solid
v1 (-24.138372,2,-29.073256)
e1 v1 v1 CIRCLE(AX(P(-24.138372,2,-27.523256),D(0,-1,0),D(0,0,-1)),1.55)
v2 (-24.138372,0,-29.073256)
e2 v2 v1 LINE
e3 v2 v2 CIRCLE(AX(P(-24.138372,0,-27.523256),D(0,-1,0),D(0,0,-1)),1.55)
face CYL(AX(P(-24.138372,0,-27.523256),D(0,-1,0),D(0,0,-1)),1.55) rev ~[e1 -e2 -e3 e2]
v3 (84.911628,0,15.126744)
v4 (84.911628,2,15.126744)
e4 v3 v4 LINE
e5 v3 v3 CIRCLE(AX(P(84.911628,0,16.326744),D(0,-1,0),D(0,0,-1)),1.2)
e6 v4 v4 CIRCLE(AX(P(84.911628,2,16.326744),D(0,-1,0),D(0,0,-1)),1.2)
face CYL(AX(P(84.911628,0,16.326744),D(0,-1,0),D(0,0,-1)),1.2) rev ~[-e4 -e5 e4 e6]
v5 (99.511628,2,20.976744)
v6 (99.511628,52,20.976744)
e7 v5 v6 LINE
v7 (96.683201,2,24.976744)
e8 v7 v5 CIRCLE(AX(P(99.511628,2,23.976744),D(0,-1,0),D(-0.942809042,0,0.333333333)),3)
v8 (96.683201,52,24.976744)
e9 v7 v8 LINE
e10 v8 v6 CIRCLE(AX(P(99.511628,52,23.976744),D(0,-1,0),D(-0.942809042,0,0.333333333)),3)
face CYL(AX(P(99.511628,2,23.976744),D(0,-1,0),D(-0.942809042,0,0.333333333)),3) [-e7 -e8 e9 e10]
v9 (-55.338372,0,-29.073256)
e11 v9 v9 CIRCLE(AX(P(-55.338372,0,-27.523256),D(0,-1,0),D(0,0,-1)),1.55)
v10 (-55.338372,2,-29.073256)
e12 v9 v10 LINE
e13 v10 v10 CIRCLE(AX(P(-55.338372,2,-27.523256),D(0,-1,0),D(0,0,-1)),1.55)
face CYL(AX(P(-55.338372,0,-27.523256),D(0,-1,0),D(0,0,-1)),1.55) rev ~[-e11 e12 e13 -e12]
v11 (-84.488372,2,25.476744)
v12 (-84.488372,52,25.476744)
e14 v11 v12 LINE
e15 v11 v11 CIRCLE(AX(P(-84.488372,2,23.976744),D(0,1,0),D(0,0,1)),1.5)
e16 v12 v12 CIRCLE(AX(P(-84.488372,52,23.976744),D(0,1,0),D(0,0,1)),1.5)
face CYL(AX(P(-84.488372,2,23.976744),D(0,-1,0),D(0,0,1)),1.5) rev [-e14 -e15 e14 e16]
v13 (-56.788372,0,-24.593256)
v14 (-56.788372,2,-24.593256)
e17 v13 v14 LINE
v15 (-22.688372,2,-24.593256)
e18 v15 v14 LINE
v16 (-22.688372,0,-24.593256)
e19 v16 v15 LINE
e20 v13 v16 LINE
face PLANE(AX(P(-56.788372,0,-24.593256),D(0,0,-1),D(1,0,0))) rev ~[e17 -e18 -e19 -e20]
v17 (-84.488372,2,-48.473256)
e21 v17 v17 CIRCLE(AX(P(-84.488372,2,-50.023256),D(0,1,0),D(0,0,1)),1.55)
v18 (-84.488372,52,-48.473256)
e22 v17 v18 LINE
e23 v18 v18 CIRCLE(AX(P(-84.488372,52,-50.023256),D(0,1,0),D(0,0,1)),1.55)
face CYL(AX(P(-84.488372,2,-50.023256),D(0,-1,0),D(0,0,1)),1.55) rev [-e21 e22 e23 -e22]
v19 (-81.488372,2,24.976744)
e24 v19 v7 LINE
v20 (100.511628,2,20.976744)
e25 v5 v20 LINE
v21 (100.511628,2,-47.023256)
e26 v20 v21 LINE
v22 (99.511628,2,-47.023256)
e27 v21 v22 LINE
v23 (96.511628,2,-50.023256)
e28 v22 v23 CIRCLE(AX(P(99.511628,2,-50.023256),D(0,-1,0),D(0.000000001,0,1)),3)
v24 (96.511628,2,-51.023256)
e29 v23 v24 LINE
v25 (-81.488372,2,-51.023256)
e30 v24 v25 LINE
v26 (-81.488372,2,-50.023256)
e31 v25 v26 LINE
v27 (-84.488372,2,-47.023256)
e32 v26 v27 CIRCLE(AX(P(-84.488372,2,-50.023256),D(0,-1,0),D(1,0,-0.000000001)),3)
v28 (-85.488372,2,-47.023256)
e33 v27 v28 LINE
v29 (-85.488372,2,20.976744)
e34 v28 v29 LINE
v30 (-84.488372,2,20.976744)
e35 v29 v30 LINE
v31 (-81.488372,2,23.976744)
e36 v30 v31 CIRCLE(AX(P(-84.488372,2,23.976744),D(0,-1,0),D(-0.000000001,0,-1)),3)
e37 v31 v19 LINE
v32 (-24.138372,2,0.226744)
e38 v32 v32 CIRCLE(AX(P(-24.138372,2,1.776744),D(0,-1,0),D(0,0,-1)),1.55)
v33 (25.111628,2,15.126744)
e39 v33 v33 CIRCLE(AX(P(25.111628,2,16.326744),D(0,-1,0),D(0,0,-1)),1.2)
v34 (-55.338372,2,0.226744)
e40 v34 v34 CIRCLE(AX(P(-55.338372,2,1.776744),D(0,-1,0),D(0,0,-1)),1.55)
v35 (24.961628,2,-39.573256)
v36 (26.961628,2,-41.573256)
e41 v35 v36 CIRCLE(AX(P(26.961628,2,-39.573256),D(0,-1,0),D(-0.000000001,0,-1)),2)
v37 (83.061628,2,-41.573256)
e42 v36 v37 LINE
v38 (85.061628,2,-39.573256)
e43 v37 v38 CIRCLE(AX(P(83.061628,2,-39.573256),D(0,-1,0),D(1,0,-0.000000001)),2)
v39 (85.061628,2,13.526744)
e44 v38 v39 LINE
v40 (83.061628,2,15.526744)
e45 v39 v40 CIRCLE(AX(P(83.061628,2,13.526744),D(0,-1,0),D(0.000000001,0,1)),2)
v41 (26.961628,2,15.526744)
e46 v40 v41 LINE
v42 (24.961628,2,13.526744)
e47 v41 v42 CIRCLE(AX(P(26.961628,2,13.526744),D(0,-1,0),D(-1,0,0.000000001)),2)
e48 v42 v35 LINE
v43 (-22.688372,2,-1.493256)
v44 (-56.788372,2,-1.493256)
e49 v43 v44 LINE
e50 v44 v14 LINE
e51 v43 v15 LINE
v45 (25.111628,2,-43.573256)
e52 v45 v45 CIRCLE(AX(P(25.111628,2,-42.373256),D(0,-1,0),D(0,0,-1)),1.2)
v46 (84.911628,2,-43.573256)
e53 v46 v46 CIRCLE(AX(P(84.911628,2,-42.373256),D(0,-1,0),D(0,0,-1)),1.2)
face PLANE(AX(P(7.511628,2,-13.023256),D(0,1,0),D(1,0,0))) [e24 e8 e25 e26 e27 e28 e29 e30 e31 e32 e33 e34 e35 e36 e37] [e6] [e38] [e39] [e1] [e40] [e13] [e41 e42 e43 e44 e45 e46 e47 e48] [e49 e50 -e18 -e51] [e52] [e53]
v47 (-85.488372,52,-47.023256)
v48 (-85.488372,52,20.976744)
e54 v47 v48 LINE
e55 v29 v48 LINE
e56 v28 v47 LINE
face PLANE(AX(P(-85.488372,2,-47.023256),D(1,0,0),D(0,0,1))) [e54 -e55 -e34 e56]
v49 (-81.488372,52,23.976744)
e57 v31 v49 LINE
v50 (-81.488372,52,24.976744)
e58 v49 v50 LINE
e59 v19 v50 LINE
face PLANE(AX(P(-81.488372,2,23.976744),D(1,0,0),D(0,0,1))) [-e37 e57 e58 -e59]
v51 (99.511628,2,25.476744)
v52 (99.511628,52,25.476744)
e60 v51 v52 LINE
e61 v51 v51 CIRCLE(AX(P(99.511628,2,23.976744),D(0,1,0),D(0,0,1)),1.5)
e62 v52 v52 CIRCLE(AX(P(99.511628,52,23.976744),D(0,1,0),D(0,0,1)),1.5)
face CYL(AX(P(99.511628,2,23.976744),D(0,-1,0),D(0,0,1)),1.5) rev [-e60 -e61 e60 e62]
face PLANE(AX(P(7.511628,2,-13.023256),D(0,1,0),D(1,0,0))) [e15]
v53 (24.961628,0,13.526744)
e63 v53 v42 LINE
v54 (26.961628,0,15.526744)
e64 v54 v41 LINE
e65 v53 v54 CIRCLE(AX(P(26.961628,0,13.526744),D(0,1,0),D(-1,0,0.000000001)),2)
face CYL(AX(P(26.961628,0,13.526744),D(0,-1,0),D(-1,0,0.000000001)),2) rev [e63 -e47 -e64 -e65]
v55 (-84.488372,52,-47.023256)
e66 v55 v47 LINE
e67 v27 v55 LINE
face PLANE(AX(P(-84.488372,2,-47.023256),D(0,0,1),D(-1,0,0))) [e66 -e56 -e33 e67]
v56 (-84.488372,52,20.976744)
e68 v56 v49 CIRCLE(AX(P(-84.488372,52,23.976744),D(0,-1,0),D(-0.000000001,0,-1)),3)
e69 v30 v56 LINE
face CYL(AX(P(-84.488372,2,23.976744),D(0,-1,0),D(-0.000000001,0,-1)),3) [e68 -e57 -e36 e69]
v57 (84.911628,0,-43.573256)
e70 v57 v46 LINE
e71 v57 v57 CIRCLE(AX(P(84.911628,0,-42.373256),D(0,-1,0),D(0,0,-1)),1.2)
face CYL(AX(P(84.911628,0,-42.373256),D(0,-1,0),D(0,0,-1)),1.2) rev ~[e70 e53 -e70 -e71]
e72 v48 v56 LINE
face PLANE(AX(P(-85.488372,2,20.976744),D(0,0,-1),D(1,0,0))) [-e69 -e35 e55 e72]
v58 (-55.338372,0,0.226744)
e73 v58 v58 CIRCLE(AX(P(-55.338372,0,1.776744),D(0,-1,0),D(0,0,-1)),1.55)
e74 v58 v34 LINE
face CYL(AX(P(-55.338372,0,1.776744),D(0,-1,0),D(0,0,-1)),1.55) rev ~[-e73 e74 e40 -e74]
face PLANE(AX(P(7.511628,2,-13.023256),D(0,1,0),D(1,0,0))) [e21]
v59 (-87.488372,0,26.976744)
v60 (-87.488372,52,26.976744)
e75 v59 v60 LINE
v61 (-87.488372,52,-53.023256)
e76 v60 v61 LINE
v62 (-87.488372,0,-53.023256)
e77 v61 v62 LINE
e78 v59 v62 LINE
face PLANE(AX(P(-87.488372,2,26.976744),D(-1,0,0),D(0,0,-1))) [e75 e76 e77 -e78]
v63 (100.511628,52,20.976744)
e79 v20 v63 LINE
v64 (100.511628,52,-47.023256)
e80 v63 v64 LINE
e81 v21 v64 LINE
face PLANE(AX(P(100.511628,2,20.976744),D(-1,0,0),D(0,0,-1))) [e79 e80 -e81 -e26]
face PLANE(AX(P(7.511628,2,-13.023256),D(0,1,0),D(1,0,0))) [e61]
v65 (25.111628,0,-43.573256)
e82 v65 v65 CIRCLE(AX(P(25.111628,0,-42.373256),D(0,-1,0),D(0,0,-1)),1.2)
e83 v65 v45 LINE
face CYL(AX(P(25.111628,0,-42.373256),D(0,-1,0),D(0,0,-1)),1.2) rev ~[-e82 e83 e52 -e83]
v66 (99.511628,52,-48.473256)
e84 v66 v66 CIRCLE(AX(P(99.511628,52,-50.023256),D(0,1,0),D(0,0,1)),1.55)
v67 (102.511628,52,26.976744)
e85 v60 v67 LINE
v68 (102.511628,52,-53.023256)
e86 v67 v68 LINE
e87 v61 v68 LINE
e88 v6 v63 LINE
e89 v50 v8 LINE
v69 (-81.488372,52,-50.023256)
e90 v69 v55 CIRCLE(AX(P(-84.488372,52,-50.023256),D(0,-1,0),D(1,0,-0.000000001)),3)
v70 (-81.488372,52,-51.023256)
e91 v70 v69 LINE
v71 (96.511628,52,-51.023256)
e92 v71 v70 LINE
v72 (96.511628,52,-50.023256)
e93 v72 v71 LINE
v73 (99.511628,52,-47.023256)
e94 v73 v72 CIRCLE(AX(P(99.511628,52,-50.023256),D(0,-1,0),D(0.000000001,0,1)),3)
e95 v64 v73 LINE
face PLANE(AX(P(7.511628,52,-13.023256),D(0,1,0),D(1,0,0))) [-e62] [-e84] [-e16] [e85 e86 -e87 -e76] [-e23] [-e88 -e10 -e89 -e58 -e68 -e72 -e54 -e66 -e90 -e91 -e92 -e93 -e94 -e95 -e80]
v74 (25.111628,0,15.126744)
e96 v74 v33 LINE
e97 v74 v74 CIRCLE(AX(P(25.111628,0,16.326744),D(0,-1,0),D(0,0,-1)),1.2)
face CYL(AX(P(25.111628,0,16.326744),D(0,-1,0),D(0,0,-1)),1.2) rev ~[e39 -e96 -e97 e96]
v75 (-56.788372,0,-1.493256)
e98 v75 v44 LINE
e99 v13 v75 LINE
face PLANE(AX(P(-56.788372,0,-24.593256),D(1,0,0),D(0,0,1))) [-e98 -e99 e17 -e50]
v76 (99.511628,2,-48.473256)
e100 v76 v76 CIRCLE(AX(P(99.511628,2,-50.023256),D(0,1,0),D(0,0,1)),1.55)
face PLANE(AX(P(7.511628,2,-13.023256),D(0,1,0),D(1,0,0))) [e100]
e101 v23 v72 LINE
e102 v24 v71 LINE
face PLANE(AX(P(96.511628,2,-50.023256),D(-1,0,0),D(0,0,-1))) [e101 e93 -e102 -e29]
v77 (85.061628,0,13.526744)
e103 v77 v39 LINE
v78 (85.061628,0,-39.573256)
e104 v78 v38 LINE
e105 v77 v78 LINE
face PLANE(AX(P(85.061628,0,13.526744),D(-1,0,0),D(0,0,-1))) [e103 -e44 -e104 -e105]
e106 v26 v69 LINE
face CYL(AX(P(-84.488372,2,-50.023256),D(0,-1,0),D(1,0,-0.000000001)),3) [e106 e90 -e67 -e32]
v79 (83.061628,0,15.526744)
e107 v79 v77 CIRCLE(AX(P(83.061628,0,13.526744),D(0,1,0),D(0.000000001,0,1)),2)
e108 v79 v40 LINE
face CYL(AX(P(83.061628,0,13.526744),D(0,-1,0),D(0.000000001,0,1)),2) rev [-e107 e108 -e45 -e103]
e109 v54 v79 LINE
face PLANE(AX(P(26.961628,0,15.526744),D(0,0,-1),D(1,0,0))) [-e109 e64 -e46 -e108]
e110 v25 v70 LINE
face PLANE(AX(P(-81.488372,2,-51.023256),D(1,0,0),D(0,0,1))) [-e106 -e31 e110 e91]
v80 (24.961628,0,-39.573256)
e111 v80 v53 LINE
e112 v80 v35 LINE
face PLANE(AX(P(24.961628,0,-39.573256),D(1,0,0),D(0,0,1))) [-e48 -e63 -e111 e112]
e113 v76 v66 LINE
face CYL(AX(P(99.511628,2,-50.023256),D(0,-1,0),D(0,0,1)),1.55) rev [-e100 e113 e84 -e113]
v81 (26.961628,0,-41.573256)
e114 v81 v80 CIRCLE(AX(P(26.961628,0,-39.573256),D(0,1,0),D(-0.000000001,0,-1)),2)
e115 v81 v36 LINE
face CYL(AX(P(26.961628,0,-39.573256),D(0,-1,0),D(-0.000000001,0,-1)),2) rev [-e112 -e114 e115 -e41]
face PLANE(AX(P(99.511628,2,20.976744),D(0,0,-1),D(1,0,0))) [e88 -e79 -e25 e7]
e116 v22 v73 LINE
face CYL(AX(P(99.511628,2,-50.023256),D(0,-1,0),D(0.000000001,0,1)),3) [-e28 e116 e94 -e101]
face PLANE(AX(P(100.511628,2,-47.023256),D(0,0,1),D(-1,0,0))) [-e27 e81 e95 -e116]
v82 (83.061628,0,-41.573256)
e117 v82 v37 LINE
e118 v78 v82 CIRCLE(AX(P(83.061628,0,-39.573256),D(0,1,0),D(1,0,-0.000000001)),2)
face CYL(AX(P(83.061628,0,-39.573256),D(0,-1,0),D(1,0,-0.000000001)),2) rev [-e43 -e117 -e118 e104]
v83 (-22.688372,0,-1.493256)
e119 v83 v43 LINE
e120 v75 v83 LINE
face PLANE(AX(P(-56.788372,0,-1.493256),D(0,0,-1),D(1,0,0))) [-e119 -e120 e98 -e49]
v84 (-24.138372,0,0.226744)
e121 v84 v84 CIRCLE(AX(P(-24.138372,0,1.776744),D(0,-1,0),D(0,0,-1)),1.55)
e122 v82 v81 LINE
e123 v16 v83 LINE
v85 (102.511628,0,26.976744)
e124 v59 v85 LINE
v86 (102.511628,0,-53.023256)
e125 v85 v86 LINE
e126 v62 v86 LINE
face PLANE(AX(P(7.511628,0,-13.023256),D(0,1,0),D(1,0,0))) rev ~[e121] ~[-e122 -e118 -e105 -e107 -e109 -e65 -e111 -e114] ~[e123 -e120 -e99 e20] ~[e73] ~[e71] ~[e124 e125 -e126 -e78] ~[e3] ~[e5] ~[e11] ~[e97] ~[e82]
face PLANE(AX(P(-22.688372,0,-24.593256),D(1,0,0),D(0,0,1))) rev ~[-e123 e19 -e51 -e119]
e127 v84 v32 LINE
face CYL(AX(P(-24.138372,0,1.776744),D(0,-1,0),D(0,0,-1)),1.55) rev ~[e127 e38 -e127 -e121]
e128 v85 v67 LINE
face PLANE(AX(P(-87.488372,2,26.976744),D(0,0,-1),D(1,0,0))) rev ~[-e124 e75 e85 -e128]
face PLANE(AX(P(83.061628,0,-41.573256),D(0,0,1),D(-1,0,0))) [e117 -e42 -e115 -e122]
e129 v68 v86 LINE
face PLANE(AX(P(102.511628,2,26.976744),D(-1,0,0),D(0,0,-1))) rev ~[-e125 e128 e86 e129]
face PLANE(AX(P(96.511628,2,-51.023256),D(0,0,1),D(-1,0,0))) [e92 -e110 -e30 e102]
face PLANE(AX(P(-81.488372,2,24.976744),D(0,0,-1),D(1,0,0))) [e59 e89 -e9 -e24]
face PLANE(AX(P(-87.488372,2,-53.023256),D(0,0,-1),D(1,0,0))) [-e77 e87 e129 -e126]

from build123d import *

# Parameters (mm, degrees)
SKETCH1_W           = 190
SKETCH1_H           = 80
BOSS_EXTRUDE1_DEPTH = 2
SKETCH2_W           = 190
SKETCH2_H           = 80
SKETCH2_R           = 1.5
SKETCH2_R_2         = 1.55
BOSS_EXTRUDE2_DEPTH = 50
SKETCH3_R           = 1.2
SKETCH3_R_2         = 1.55
SKETCH3_W           = 34.1
SKETCH3_H           = 23.1
CUT_EXTRUDE1_DEPTH  = 127.586332253


with BuildPart() as part:
    # Sketch1 → Boss-Extrude1 (new body)
    with BuildSketch(Plane(origin=(0, 0, 0), x_dir=(1, 0, 0), z_dir=(0, 1, 0))):
        with Locations((7.511627907, 13.023255814)):
            Rectangle(SKETCH1_W, SKETCH1_H)
    extrude(amount=BOSS_EXTRUDE1_DEPTH)

    # Sketch2 → Boss-Extrude2 (add)
    with BuildSketch(Plane(origin=(0, 2, 0), x_dir=(1, 0, 0), z_dir=(0, 1, 0))):
        with Locations((7.511627907, 13.023255814)):
            Rectangle(SKETCH2_W, SKETCH2_H)
        with Locations(Location((-84.488372093, -23.976744186, 0), (0, 0, 270))):
            Circle(SKETCH2_R, mode=Mode.SUBTRACT)
        with Locations(Location((99.511627907, -23.976744186, 0), (0, 0, 270))):
            Circle(SKETCH2_R, mode=Mode.SUBTRACT)
        with Locations(Location((99.511627907, 50.023255814, 0), (0, 0, 270))):
            Circle(SKETCH2_R_2, mode=Mode.SUBTRACT)
        with Locations(Location((-84.488372093, 50.023255814, 0), (0, 0, 270))):
            Circle(SKETCH2_R_2, mode=Mode.SUBTRACT)
        with BuildLine():
            Line((-81.488372093, -23.976744186), (-81.488372093, -24.976744186))
            Line((-81.488372093, -24.976744186), (96.683200782, -24.976744186))
            ThreePointArc((96.683200782, -24.976744186), (97.062138164, -22.244693378), (99.511627907, -20.976744186))
            Line((99.511627907, -20.976744186), (100.511627907, -20.976744186))
            Line((100.511627907, -20.976744186), (100.511627907, 47.023255814))
            Line((100.511627907, 47.023255814), (99.511627907, 47.023255814))
            ThreePointArc((99.511627907, 47.023255814), (97.390307563, 47.90193547), (96.511627907, 50.023255814))
            Line((96.511627907, 50.023255814), (96.511627907, 51.023255814))
            Line((96.511627907, 51.023255814), (-81.488372093, 51.023255814))
            Line((-81.488372093, 51.023255814), (-81.488372093, 50.023255814))
            ThreePointArc((-81.488372093, 50.023255814), (-82.367051749, 47.90193547), (-84.488372093, 47.023255814))
            Line((-84.488372093, 47.023255814), (-85.488372093, 47.023255814))
            Line((-85.488372093, 47.023255814), (-85.488372093, -20.976744186))
            Line((-85.488372093, -20.976744186), (-84.488372093, -20.976744186))
            ThreePointArc((-84.488372093, -20.976744186), (-82.367051749, -21.855423842), (-81.488372093, -23.976744186))
        make_face(mode=Mode.SUBTRACT)
    extrude(amount=BOSS_EXTRUDE2_DEPTH)

    # Sketch3 → Cut-Extrude1 (cut, through all)
    with BuildSketch(Plane.XZ):
        with Locations(Location((25.111627907, 16.326744186, 0), (0, 0, 270))):
            Circle(SKETCH3_R)
        with Locations(Location((84.911627907, 16.326744186, 0), (0, 0, 270))):
            Circle(SKETCH3_R)
        with Locations(Location((25.111627907, -42.373255814, 0), (0, 0, 270))):
            Circle(SKETCH3_R)
        with Locations(Location((84.911627907, -42.373255814, 0), (0, 0, 270))):
            Circle(SKETCH3_R)
        with Locations(Location((-55.338372093, 1.776744186, 0), (0, 0, 270))):
            Circle(SKETCH3_R_2)
        with Locations(Location((-24.138372093, 1.776744186, 0), (0, 0, 270))):
            Circle(SKETCH3_R_2)
        with Locations(Location((-55.338372093, -27.523255814, 0), (0, 0, 270))):
            Circle(SKETCH3_R_2)
        with Locations(Location((-24.138372093, -27.523255814, 0), (0, 0, 270))):
            Circle(SKETCH3_R_2)
        with BuildLine():
            Line((26.961627907, 15.526744186), (83.061627907, 15.526744186))
            ThreePointArc((83.061627907, 15.526744186), (84.475841469, 14.940957748), (85.061627907, 13.526744186))
            Line((85.061627907, 13.526744186), (85.061627907, -39.573255814))
            ThreePointArc((85.061627907, -39.573255814), (84.475841469, -40.987469376), (83.061627907, -41.573255814))
            Line((83.061627907, -41.573255814), (26.961627907, -41.573255814))
            ThreePointArc((26.961627907, -41.573255814), (25.547414345, -40.987469376), (24.961627907, -39.573255814))
            Line((24.961627907, -39.573255814), (24.961627907, 13.526744186))
            ThreePointArc((24.961627907, 13.526744186), (25.547414345, 14.940957748), (26.961627907, 15.526744186))
        make_face()
        with Locations((-39.738372093, -13.043255814)):
            Rectangle(SKETCH3_W, SKETCH3_H)
    extrude(amount=-CUT_EXTRUDE1_DEPTH, mode=Mode.SUBTRACT)


solid = part.part
